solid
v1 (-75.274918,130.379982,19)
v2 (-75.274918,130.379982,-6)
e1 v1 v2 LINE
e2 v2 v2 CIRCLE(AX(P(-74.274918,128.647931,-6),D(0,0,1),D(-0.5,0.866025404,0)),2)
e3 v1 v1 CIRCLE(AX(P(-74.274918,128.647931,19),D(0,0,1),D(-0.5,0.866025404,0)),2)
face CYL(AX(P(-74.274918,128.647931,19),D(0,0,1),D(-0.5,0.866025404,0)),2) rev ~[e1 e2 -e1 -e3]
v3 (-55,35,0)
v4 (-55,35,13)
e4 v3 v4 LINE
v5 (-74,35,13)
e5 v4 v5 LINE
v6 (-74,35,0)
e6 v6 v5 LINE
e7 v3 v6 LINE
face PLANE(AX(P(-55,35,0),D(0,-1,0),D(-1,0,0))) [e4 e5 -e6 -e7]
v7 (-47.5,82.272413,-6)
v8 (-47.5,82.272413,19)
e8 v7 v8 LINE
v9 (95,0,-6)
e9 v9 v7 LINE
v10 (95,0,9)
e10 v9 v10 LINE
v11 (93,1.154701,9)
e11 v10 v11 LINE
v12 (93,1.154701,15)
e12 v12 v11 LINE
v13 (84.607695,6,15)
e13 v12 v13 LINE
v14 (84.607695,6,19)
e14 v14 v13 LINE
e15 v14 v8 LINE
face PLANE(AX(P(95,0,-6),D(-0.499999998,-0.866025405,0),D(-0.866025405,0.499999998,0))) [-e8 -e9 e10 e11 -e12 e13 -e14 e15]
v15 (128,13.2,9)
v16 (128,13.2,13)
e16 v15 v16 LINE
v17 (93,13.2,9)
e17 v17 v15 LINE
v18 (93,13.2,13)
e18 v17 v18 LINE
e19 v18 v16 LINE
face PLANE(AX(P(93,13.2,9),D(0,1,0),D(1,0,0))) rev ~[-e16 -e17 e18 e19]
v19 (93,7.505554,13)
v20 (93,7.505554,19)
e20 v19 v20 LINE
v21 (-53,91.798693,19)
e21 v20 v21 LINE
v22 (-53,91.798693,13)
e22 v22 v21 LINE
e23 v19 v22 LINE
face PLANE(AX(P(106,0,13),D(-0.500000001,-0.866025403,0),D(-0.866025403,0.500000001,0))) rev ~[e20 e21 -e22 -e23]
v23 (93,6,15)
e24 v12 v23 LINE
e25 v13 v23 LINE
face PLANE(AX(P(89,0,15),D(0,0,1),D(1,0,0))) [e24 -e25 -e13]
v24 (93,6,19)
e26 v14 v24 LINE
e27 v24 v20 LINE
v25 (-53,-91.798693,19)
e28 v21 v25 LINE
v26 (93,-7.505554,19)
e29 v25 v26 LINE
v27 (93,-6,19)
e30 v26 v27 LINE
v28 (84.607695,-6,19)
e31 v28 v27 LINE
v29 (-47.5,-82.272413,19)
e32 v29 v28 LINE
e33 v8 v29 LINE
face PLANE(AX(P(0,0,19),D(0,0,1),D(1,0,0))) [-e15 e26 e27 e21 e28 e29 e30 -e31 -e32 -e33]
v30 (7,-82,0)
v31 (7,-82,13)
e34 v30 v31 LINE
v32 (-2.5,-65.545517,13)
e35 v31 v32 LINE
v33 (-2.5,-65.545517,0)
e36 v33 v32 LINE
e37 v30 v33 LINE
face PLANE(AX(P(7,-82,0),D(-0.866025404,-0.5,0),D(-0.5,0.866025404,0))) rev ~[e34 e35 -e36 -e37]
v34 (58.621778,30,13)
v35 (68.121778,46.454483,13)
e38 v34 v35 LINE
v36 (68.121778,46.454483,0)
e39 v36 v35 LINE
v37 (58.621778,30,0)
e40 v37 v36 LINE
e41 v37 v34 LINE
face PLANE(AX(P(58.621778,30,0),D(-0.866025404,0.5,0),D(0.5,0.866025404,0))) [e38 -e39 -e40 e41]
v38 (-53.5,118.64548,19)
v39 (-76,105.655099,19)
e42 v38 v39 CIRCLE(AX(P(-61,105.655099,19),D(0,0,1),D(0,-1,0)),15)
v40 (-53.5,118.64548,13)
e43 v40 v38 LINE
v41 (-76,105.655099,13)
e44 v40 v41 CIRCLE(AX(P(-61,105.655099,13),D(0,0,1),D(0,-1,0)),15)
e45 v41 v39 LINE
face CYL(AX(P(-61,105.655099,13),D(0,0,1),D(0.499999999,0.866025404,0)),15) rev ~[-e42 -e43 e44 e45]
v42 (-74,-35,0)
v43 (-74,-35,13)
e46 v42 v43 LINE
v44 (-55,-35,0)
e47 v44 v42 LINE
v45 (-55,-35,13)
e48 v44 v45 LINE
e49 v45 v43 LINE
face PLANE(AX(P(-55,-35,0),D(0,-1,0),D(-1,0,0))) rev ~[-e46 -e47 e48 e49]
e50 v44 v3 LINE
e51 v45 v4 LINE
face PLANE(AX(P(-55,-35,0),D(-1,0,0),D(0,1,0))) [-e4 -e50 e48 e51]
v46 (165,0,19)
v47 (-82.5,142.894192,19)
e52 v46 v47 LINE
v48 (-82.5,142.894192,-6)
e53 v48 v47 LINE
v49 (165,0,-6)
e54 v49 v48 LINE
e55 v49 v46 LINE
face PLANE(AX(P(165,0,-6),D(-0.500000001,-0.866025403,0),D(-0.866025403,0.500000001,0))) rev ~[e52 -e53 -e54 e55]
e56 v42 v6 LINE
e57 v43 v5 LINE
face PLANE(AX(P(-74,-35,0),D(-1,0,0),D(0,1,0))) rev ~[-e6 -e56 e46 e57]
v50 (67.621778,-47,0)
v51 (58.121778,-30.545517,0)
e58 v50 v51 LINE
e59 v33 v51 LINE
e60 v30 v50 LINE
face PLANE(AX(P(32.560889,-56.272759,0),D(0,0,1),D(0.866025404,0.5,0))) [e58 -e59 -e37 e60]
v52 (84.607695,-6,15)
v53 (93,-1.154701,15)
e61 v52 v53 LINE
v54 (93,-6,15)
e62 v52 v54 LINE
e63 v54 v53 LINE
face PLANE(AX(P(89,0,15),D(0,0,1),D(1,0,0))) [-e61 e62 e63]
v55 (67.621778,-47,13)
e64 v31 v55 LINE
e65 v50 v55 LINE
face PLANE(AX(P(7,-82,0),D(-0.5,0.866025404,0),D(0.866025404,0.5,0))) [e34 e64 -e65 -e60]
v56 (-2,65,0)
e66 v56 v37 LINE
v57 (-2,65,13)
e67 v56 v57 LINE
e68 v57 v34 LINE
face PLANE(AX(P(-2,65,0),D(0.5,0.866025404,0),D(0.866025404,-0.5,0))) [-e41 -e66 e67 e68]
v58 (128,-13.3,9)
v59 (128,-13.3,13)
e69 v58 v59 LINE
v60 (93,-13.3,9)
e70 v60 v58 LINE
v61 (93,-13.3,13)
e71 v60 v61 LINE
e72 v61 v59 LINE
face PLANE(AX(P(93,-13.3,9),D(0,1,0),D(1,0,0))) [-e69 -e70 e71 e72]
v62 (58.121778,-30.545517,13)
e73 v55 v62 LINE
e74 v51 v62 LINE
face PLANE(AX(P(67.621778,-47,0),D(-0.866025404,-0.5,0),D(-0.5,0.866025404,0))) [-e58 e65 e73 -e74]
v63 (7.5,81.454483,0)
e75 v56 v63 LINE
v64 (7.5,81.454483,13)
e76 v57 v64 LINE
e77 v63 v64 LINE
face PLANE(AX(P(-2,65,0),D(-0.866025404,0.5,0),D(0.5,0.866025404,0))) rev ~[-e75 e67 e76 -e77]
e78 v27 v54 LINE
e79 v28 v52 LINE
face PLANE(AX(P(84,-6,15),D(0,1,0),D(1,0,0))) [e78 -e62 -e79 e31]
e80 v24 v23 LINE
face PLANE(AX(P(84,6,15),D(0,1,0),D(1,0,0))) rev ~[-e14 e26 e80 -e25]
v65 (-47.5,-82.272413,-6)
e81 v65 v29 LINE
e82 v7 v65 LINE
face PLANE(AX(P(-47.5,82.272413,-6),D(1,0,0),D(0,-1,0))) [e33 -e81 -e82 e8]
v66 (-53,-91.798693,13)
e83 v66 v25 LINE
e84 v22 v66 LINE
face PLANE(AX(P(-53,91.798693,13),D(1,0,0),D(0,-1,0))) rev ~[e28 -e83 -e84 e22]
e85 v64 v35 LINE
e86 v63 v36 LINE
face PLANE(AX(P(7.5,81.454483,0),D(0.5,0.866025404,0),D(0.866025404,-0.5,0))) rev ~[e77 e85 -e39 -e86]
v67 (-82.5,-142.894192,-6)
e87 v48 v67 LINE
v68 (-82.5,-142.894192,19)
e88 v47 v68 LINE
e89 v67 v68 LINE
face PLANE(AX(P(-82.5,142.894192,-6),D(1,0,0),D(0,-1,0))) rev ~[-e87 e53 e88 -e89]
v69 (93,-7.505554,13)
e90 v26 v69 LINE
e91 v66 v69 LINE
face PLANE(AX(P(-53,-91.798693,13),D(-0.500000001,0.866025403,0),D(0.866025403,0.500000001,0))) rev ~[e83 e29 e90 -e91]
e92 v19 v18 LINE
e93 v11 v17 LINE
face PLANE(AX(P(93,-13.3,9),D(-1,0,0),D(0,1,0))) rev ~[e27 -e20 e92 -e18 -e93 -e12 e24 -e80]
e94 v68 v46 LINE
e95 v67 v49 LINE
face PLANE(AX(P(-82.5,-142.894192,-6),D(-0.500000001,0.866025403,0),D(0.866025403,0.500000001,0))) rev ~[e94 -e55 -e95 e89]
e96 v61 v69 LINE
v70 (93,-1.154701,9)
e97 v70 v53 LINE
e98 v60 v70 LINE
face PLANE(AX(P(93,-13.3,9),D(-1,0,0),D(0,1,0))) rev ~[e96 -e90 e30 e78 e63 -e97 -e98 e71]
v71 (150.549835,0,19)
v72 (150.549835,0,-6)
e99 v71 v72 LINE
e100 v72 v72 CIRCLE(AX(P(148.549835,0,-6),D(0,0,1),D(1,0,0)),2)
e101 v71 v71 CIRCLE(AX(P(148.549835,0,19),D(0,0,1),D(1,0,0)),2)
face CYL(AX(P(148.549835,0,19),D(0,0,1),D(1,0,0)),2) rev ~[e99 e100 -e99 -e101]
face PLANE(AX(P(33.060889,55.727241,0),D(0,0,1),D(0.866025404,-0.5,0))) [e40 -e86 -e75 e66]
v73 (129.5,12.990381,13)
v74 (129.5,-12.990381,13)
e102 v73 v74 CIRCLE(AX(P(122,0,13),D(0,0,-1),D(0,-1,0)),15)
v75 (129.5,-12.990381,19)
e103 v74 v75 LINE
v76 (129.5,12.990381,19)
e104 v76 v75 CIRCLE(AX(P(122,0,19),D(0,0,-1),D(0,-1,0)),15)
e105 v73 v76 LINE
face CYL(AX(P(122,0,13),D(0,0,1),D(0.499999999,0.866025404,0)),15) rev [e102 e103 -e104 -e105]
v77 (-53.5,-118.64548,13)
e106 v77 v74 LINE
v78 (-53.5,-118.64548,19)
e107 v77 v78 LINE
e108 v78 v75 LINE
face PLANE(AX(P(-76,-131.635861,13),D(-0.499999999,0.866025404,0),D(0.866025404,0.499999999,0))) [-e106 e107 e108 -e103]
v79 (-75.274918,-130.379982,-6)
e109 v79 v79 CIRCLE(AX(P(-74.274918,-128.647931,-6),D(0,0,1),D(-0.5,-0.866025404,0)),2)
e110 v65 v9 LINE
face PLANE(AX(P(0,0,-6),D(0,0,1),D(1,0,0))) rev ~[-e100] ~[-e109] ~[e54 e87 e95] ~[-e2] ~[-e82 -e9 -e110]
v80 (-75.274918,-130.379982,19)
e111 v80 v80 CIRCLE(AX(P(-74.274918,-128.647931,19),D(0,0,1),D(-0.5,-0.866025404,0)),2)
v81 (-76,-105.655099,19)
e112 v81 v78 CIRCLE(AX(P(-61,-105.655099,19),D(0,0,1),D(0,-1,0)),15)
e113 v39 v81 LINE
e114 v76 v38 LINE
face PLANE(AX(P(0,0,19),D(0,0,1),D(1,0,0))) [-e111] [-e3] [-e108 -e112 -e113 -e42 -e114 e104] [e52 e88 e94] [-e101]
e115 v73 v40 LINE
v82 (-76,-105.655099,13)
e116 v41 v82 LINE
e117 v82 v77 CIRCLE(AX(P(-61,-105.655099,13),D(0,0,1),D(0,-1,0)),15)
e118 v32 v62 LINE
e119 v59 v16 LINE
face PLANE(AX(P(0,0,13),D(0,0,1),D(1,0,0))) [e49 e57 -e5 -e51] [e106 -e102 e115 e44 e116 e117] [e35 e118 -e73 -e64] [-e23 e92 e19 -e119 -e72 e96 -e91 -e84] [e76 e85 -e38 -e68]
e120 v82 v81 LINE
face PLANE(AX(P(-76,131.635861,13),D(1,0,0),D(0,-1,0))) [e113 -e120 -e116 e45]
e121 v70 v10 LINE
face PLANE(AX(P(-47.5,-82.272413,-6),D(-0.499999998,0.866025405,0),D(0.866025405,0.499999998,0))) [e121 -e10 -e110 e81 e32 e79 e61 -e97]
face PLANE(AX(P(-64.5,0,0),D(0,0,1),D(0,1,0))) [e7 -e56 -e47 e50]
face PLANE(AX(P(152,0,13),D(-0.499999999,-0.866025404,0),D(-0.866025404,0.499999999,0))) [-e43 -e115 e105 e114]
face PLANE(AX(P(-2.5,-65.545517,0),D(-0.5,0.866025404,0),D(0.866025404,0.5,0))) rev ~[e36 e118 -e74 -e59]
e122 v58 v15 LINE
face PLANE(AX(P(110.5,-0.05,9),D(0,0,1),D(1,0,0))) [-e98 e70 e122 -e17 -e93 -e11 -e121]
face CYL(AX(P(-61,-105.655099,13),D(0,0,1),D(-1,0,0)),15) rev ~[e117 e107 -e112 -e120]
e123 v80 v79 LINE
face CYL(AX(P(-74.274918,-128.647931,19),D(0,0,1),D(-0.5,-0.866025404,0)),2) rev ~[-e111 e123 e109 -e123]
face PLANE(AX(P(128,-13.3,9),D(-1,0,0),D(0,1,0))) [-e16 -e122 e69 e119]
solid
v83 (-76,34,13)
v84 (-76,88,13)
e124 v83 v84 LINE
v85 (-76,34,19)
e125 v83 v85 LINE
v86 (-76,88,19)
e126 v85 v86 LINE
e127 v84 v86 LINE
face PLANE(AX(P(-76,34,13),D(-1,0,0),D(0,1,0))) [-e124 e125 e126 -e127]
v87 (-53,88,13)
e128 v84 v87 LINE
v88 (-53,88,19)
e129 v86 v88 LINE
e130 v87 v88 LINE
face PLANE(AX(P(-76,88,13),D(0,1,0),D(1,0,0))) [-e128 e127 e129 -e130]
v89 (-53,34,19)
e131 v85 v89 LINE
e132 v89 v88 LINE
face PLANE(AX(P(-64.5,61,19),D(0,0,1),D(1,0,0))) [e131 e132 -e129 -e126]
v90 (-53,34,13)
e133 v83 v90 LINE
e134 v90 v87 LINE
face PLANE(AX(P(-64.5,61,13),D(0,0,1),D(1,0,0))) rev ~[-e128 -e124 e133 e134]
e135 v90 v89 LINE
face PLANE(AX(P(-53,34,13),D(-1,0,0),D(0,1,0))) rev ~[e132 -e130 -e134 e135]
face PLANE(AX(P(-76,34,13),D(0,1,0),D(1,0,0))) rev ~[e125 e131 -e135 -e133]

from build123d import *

# Parameters (mm, degrees)
BOX005_W               = 23
BOX005_H               = 54
BOX005_DEPTH           = 6
PRISM003_DEPTH         = 6
PRISM002_DEPTH         = 6
BOX004_W               = 10
BOX004_H               = 12
BOX004_DEPTH           = 4
BOX003_W               = 35
BOX003_H               = 26.5
BOX003_DEPTH           = 10
BOX002_W               = 70
BOX002_H               = 19
BOX002_DEPTH           = 19
BOX002_PLACEMENT_ANGLE = 30
BOX001_W               = 70
BOX001_H               = 19
BOX001_DEPTH           = 19
BOX001_PLACEMENT_ANGLE = 90
BOX_W                  = 70
BOX_H                  = 19
BOX_DEPTH              = 19
BOX_PLACEMENT_ANGLE    = 30
PRISM001_DEPTH         = 25
PRISM_DEPTH            = 25
FILLET_R               = 15
SKETCH001_R            = 2
POCKET_DEPTH           = 782.777352
POLARPATTERN_COUNT     = 3


with BuildPart() as box005:
    # Box005 → Box005 (new body)
    with BuildSketch(Plane(origin=(-76, 34, 13), x_dir=(1, 0, 0), z_dir=(0, 0, 1))):
        with Locations((11.5, 27)):
            Rectangle(BOX005_W, BOX005_H)
    extrude(amount=BOX005_DEPTH)


with BuildPart() as prism003:
    # Prism003 → Prism003 (new body)
    with BuildSketch(Plane.XY.offset(13)):
        Polygon((106, 0), (-53, 91.798693), (-53, -91.798693), align=None)
    extrude(amount=PRISM003_DEPTH)


with BuildPart() as cut006:
    # Prism002 → Prism002 (new body)
    with BuildSketch(Plane.XY.offset(13)):
        Polygon((152, 0), (-76, 131.635861), (-76, -131.635861), align=None)
    extrude(amount=PRISM002_DEPTH)

    # Cut006: cut Prism003
    add(prism003.part, mode=Mode.SUBTRACT)


with BuildPart() as box004:
    # Box004 → Box004 (new body)
    with BuildSketch(Plane(origin=(84, -6, 15), x_dir=(1, 0, 0), z_dir=(0, 0, 1))):
        with Locations((5, 6)):
            Rectangle(BOX004_W, BOX004_H)
    extrude(amount=BOX004_DEPTH)


with BuildPart() as box003:
    # Box003 → Box003 (new body)
    with BuildSketch(Plane(origin=(93, -13.3, 9), x_dir=(1, 0, 0), z_dir=(0, 0, 1))):
        with Locations((17.5, 13.25)):
            Rectangle(BOX003_W, BOX003_H)
    extrude(amount=BOX003_DEPTH)


with BuildPart() as box002:
    # Box002 → Box002 (new body)
    with BuildSketch(Plane.XY):
        with Locations((35, 9.5)):
            Rectangle(BOX002_W, BOX002_H)
    extrude(amount=BOX002_DEPTH)


with BuildPart() as box002_1:
    # Box002 placement: moved
    add(box002.part.moved(Location((7, -82, 0))).rotate(Axis((7, -82, 0), (0, 0, 1)), BOX002_PLACEMENT_ANGLE))


with BuildPart() as box001:
    # Box001 → Box001 (new body)
    with BuildSketch(Plane.XY):
        with Locations((35, 9.5)):
            Rectangle(BOX001_W, BOX001_H)
    extrude(amount=BOX001_DEPTH)


with BuildPart() as box001_1:
    # Box001 placement: moved
    add(box001.part.moved(Location((-55, -35, 0))).rotate(Axis((-55, -35, 0), (0, 0, 1)), BOX001_PLACEMENT_ANGLE))


with BuildPart() as box:
    # Box → Box (new body)
    with BuildSketch(Plane.XY):
        with Locations((35, 9.5)):
            Rectangle(BOX_W, BOX_H)
    extrude(amount=BOX_DEPTH)


with BuildPart() as box_1:
    # Box placement: moved
    add(box.part.moved(Location((-2, 65, 0))).rotate(Axis((-2, 65, 0), (0, 0, -1)), BOX_PLACEMENT_ANGLE))


with BuildPart() as prism001:
    # Prism001 → Prism001 (new body)
    with BuildSketch(Plane.XY.offset(-6)):
        Polygon((95, 0), (-47.5, 82.272413), (-47.5, -82.272413), align=None)
    extrude(amount=PRISM001_DEPTH)


with BuildPart() as body:
    # Prism → Prism (new body)
    with BuildSketch(Plane.XY.offset(-6)):
        Polygon((165, 0), (-82.5, 142.894192), (-82.5, -142.894192), align=None)
    extrude(amount=PRISM_DEPTH)

    # Cut: cut Prism001
    add(prism001.part, mode=Mode.SUBTRACT)

    # Cut001: cut Box
    add(box_1.part, mode=Mode.SUBTRACT)

    # Cut002: cut Box001
    add(box001_1.part, mode=Mode.SUBTRACT)

    # Cut003: cut Box002
    add(box002_1.part, mode=Mode.SUBTRACT)

    # Cut004: cut Box003
    add(box003.part, mode=Mode.SUBTRACT)

    # Cut005: cut Box004
    add(box004.part, mode=Mode.SUBTRACT)

    # Cut007: cut Cut006
    add(cut006.part, mode=Mode.SUBTRACT)

    # Fillet
    fillet_edges = [body.edges().sort_by_distance(p)[0] for p in [
        (152, 0, 16),
        (-76, 131.635861, 16),
        (-76, -131.635861, 16),
    ]]
    fillet(fillet_edges, radius=FILLET_R)

    # Sketch001 (on Face1 of BaseFeature) → Pocket (cut, through all)
    with BuildSketch(Plane.XY.offset(19)):
        with Locations((148.549835, 0)):
            Circle(SKETCH001_R)
    pocket = extrude(amount=-POCKET_DEPTH, mode=Mode.SUBTRACT)

    # PolarPattern: Pocket ×3 about axis
    polarpattern_axis = Axis((0, 0, 19), (0, 0, 1))
    for i in range(1, POLARPATTERN_COUNT):
        add(pocket.rotate(polarpattern_axis, i * 360 / POLARPATTERN_COUNT), mode=Mode.SUBTRACT)


solid = Compound([box005.part, body.part])
